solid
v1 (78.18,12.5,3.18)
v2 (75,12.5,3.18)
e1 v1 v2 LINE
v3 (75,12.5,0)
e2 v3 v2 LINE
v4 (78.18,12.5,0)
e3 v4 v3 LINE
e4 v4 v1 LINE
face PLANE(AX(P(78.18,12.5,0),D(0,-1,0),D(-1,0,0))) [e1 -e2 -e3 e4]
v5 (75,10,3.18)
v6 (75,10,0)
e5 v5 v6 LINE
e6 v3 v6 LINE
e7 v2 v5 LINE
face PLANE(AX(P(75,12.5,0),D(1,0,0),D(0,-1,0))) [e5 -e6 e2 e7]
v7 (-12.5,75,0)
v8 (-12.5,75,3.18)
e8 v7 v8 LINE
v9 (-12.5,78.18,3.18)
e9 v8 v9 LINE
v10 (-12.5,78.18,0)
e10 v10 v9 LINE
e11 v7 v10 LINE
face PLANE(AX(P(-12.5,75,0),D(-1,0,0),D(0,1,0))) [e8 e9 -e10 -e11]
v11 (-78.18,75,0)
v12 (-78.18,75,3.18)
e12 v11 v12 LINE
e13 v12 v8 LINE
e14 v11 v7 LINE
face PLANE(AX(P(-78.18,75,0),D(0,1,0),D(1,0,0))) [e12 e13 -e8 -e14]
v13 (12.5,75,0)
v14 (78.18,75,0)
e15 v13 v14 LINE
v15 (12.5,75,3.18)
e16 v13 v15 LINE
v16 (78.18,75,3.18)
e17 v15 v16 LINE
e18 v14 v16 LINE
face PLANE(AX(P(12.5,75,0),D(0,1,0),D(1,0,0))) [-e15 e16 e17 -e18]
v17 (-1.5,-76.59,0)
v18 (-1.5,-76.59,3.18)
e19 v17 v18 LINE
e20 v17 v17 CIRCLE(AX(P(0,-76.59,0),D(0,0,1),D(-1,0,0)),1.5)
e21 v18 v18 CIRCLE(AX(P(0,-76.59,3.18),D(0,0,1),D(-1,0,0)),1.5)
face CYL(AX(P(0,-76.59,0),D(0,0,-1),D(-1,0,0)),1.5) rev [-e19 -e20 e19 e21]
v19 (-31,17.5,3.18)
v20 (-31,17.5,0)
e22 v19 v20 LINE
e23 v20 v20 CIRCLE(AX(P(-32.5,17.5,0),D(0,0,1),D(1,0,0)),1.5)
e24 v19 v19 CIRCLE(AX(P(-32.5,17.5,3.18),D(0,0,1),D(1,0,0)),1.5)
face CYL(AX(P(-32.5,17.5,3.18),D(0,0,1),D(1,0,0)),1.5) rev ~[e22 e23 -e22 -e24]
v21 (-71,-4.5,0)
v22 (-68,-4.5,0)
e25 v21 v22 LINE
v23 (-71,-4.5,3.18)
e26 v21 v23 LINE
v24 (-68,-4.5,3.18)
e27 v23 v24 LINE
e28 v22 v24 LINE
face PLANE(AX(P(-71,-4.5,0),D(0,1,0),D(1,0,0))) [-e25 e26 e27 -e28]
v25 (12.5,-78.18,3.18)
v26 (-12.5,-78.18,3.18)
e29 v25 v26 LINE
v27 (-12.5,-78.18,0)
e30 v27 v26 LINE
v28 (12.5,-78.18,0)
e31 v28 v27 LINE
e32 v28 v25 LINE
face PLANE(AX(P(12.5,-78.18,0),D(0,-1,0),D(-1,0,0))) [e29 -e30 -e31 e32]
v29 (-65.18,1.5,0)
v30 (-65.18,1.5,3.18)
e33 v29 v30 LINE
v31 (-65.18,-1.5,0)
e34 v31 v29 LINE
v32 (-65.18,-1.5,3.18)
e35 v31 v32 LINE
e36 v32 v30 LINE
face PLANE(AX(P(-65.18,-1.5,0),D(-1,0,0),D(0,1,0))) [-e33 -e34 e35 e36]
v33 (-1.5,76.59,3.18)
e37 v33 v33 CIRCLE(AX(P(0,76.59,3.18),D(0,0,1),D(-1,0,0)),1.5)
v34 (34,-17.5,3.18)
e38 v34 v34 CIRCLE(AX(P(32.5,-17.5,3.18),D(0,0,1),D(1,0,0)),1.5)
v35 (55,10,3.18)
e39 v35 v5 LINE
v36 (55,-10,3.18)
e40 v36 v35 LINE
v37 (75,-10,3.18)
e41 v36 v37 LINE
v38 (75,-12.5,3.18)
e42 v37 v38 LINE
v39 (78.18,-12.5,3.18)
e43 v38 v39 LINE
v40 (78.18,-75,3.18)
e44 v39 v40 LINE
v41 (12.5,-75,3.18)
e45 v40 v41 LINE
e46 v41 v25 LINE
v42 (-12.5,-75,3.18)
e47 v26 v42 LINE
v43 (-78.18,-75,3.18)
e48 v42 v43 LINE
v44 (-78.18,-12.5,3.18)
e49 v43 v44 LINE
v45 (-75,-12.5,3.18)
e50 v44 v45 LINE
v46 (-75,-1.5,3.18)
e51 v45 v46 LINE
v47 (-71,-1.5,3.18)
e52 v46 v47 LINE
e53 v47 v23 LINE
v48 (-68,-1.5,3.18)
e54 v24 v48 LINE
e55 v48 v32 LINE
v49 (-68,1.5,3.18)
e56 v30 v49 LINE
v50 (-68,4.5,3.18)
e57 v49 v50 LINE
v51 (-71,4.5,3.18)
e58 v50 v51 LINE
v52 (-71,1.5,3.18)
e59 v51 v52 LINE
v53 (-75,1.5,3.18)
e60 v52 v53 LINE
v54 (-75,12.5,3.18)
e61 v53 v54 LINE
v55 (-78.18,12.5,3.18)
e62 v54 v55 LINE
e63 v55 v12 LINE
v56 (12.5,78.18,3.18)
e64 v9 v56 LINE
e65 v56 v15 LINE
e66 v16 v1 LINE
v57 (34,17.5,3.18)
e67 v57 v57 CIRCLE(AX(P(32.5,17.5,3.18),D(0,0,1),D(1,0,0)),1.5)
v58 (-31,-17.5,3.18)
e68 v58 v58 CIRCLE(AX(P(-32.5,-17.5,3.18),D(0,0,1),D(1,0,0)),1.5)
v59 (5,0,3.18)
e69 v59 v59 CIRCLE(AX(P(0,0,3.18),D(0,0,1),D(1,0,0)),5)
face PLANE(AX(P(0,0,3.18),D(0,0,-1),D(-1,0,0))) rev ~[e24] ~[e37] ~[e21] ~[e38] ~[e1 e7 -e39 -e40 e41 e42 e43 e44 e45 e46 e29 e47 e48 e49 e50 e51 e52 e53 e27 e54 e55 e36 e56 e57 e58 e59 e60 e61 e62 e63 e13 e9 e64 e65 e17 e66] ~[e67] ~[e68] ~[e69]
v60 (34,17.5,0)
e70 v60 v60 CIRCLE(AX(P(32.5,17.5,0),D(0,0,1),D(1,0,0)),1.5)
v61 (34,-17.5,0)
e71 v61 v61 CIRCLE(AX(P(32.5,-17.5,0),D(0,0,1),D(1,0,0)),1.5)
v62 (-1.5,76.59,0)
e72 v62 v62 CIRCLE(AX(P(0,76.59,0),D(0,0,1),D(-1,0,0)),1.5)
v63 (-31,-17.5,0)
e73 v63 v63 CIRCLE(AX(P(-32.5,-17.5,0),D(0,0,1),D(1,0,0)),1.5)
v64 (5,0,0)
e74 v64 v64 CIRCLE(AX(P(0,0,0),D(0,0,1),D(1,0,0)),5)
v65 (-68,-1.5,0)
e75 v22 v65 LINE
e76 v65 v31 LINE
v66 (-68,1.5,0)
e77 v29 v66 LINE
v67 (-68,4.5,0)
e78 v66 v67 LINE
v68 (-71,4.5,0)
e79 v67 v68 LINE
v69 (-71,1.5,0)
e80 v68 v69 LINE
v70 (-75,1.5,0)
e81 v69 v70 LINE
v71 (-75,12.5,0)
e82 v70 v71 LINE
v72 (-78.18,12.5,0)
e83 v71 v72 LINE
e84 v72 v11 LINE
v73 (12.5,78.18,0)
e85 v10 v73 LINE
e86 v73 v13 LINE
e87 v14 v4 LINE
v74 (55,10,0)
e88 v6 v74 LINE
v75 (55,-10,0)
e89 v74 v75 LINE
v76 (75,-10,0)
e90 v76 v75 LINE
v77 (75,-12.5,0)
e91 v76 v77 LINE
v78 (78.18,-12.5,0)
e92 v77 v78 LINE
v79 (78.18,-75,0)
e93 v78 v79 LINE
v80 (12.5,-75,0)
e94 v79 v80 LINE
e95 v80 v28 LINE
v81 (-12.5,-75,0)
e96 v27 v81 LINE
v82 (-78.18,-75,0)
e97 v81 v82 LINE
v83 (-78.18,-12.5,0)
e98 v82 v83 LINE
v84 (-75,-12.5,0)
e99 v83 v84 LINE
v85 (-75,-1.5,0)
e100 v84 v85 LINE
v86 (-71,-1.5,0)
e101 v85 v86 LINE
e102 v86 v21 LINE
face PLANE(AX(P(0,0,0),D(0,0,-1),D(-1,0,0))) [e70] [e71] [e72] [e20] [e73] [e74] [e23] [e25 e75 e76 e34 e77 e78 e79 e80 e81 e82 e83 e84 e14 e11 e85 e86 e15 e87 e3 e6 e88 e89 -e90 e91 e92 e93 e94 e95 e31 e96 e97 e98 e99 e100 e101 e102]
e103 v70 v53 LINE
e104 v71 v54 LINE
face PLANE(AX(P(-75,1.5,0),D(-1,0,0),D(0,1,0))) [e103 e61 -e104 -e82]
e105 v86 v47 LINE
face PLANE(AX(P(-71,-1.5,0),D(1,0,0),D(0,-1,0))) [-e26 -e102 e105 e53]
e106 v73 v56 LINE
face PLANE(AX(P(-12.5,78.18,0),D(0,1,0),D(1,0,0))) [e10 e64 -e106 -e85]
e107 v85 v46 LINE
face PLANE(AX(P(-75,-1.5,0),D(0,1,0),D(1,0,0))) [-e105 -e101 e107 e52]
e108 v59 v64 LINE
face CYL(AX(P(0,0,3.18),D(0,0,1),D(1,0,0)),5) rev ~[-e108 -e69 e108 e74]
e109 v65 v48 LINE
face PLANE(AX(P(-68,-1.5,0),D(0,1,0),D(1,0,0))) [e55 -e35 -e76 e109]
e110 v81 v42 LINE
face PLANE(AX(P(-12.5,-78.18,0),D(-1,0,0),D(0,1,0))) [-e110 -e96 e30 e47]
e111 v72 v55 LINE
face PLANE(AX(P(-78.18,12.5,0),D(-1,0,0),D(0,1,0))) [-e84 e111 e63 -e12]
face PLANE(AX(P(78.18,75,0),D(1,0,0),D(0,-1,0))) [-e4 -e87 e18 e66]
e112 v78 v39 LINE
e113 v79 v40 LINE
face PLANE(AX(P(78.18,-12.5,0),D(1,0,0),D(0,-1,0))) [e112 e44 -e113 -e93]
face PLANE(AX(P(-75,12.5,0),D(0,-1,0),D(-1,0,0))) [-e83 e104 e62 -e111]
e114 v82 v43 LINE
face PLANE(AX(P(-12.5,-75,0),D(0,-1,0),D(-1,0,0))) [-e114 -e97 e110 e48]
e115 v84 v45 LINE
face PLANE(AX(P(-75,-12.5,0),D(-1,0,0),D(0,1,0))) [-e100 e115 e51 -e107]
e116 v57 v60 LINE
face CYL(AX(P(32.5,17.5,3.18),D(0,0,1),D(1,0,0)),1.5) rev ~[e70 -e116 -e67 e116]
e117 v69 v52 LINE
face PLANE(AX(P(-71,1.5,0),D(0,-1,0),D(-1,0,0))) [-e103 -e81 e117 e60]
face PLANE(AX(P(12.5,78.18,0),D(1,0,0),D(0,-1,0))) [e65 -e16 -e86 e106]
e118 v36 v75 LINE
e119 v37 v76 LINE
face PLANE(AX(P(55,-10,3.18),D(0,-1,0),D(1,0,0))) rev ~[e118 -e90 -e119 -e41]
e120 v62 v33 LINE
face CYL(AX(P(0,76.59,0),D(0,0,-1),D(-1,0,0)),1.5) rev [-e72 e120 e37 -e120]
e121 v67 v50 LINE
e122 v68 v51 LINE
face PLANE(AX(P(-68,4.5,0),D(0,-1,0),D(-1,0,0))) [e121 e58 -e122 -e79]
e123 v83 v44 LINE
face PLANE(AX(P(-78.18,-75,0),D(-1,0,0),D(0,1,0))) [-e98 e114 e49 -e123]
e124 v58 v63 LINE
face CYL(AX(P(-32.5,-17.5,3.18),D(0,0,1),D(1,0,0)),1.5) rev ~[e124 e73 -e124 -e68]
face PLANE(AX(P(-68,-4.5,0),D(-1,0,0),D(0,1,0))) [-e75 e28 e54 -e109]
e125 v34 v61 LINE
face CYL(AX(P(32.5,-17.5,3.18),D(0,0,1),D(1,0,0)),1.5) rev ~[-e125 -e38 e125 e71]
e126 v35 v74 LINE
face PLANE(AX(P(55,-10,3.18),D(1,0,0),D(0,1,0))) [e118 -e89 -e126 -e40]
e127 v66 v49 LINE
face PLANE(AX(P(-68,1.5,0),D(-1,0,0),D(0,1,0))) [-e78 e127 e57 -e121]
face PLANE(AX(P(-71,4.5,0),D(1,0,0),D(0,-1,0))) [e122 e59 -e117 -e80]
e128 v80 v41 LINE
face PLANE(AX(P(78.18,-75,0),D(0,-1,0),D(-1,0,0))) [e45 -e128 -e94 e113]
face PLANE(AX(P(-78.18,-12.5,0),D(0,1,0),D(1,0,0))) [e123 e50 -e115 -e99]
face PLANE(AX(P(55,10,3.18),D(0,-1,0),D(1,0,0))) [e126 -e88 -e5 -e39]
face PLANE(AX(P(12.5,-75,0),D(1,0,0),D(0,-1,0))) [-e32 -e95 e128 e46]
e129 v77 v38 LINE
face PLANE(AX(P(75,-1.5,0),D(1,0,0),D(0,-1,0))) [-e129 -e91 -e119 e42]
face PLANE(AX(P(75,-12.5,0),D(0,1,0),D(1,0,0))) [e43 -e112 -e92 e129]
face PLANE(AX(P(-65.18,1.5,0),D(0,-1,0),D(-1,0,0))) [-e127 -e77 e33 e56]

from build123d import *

# Parameters (mm, degrees)
SKETCH1_R           = 1.5
BOSS_EXTRUDE1_DEPTH = 3.18
SKETCH2_R           = 1.5
CUT_EXTRUDE1_DEPTH  = 10
SKETCH3_R           = 5
CUT_EXTRUDE2_DEPTH  = 10
SKETCH4_W           = 20
SKETCH4_H           = 20
CUT_EXTRUDE3_DEPTH  = 10


with BuildPart() as part:
    # Sketch1 → Boss-Extrude1 (new body)
    with BuildSketch(Plane.XY):
        Polygon((-78.18, 75), (-12.5, 75), (-12.5, 78.18), (12.5, 78.18), (12.5, 75), (78.18, 75), (78.18, 12.5), (75, 12.5), (75, 1.5), (71, 1.5), (71, 4.5), (68, 4.5), (68, 1.5), (65.18, 1.5), (65.18, -1.5), (68, -1.5), (68, -4.5), (71, -4.5), (71, -1.5), (75, -1.5), (75, -12.5), (78.18, -12.5), (78.18, -75), (12.5, -75), (12.5, -78.18), (-12.5, -78.18), (-12.5, -75), (-78.18, -75), (-78.18, -12.5), (-75, -12.5), (-75, -1.5), (-71, -1.5), (-71, -4.5), (-68, -4.5), (-68, -1.5), (-65.18, -1.5), (-65.18, 1.5), (-68, 1.5), (-68, 4.5), (-71, 4.5), (-71, 1.5), (-75, 1.5), (-75, 12.5), (-78.18, 12.5), align=None)
        with Locations(Location((0, -76.59, 0), (0, 0, 180))):
            Circle(SKETCH1_R, mode=Mode.SUBTRACT)
        with Locations(Location((0, 76.59, 0), (0, 0, 180))):
            Circle(SKETCH1_R, mode=Mode.SUBTRACT)
    extrude(amount=BOSS_EXTRUDE1_DEPTH)

    # Sketch2 → Cut-Extrude1 (cut)
    with BuildSketch(Plane.XY.offset(3.18)):
        with Locations((32.5, 17.5)):
            Circle(SKETCH2_R)
        with Locations((32.5, -17.5)):
            Circle(SKETCH2_R)
        with Locations((-32.5, 17.5)):
            Circle(SKETCH2_R)
        with Locations((-32.5, -17.5)):
            Circle(SKETCH2_R)
    extrude(amount=-CUT_EXTRUDE1_DEPTH, mode=Mode.SUBTRACT)

    # Sketch3 → Cut-Extrude2 (cut)
    with BuildSketch(Plane.XY.offset(3.18)):
        Circle(SKETCH3_R)
    extrude(amount=-CUT_EXTRUDE2_DEPTH, mode=Mode.SUBTRACT)

    # Sketch4 → Cut-Extrude3 (cut)
    with BuildSketch(Plane.XY.offset(3.18)):
        with Locations((65, 0)):
            Rectangle(SKETCH4_W, SKETCH4_H)
    extrude(amount=-CUT_EXTRUDE3_DEPTH, mode=Mode.SUBTRACT)


solid = part.part
